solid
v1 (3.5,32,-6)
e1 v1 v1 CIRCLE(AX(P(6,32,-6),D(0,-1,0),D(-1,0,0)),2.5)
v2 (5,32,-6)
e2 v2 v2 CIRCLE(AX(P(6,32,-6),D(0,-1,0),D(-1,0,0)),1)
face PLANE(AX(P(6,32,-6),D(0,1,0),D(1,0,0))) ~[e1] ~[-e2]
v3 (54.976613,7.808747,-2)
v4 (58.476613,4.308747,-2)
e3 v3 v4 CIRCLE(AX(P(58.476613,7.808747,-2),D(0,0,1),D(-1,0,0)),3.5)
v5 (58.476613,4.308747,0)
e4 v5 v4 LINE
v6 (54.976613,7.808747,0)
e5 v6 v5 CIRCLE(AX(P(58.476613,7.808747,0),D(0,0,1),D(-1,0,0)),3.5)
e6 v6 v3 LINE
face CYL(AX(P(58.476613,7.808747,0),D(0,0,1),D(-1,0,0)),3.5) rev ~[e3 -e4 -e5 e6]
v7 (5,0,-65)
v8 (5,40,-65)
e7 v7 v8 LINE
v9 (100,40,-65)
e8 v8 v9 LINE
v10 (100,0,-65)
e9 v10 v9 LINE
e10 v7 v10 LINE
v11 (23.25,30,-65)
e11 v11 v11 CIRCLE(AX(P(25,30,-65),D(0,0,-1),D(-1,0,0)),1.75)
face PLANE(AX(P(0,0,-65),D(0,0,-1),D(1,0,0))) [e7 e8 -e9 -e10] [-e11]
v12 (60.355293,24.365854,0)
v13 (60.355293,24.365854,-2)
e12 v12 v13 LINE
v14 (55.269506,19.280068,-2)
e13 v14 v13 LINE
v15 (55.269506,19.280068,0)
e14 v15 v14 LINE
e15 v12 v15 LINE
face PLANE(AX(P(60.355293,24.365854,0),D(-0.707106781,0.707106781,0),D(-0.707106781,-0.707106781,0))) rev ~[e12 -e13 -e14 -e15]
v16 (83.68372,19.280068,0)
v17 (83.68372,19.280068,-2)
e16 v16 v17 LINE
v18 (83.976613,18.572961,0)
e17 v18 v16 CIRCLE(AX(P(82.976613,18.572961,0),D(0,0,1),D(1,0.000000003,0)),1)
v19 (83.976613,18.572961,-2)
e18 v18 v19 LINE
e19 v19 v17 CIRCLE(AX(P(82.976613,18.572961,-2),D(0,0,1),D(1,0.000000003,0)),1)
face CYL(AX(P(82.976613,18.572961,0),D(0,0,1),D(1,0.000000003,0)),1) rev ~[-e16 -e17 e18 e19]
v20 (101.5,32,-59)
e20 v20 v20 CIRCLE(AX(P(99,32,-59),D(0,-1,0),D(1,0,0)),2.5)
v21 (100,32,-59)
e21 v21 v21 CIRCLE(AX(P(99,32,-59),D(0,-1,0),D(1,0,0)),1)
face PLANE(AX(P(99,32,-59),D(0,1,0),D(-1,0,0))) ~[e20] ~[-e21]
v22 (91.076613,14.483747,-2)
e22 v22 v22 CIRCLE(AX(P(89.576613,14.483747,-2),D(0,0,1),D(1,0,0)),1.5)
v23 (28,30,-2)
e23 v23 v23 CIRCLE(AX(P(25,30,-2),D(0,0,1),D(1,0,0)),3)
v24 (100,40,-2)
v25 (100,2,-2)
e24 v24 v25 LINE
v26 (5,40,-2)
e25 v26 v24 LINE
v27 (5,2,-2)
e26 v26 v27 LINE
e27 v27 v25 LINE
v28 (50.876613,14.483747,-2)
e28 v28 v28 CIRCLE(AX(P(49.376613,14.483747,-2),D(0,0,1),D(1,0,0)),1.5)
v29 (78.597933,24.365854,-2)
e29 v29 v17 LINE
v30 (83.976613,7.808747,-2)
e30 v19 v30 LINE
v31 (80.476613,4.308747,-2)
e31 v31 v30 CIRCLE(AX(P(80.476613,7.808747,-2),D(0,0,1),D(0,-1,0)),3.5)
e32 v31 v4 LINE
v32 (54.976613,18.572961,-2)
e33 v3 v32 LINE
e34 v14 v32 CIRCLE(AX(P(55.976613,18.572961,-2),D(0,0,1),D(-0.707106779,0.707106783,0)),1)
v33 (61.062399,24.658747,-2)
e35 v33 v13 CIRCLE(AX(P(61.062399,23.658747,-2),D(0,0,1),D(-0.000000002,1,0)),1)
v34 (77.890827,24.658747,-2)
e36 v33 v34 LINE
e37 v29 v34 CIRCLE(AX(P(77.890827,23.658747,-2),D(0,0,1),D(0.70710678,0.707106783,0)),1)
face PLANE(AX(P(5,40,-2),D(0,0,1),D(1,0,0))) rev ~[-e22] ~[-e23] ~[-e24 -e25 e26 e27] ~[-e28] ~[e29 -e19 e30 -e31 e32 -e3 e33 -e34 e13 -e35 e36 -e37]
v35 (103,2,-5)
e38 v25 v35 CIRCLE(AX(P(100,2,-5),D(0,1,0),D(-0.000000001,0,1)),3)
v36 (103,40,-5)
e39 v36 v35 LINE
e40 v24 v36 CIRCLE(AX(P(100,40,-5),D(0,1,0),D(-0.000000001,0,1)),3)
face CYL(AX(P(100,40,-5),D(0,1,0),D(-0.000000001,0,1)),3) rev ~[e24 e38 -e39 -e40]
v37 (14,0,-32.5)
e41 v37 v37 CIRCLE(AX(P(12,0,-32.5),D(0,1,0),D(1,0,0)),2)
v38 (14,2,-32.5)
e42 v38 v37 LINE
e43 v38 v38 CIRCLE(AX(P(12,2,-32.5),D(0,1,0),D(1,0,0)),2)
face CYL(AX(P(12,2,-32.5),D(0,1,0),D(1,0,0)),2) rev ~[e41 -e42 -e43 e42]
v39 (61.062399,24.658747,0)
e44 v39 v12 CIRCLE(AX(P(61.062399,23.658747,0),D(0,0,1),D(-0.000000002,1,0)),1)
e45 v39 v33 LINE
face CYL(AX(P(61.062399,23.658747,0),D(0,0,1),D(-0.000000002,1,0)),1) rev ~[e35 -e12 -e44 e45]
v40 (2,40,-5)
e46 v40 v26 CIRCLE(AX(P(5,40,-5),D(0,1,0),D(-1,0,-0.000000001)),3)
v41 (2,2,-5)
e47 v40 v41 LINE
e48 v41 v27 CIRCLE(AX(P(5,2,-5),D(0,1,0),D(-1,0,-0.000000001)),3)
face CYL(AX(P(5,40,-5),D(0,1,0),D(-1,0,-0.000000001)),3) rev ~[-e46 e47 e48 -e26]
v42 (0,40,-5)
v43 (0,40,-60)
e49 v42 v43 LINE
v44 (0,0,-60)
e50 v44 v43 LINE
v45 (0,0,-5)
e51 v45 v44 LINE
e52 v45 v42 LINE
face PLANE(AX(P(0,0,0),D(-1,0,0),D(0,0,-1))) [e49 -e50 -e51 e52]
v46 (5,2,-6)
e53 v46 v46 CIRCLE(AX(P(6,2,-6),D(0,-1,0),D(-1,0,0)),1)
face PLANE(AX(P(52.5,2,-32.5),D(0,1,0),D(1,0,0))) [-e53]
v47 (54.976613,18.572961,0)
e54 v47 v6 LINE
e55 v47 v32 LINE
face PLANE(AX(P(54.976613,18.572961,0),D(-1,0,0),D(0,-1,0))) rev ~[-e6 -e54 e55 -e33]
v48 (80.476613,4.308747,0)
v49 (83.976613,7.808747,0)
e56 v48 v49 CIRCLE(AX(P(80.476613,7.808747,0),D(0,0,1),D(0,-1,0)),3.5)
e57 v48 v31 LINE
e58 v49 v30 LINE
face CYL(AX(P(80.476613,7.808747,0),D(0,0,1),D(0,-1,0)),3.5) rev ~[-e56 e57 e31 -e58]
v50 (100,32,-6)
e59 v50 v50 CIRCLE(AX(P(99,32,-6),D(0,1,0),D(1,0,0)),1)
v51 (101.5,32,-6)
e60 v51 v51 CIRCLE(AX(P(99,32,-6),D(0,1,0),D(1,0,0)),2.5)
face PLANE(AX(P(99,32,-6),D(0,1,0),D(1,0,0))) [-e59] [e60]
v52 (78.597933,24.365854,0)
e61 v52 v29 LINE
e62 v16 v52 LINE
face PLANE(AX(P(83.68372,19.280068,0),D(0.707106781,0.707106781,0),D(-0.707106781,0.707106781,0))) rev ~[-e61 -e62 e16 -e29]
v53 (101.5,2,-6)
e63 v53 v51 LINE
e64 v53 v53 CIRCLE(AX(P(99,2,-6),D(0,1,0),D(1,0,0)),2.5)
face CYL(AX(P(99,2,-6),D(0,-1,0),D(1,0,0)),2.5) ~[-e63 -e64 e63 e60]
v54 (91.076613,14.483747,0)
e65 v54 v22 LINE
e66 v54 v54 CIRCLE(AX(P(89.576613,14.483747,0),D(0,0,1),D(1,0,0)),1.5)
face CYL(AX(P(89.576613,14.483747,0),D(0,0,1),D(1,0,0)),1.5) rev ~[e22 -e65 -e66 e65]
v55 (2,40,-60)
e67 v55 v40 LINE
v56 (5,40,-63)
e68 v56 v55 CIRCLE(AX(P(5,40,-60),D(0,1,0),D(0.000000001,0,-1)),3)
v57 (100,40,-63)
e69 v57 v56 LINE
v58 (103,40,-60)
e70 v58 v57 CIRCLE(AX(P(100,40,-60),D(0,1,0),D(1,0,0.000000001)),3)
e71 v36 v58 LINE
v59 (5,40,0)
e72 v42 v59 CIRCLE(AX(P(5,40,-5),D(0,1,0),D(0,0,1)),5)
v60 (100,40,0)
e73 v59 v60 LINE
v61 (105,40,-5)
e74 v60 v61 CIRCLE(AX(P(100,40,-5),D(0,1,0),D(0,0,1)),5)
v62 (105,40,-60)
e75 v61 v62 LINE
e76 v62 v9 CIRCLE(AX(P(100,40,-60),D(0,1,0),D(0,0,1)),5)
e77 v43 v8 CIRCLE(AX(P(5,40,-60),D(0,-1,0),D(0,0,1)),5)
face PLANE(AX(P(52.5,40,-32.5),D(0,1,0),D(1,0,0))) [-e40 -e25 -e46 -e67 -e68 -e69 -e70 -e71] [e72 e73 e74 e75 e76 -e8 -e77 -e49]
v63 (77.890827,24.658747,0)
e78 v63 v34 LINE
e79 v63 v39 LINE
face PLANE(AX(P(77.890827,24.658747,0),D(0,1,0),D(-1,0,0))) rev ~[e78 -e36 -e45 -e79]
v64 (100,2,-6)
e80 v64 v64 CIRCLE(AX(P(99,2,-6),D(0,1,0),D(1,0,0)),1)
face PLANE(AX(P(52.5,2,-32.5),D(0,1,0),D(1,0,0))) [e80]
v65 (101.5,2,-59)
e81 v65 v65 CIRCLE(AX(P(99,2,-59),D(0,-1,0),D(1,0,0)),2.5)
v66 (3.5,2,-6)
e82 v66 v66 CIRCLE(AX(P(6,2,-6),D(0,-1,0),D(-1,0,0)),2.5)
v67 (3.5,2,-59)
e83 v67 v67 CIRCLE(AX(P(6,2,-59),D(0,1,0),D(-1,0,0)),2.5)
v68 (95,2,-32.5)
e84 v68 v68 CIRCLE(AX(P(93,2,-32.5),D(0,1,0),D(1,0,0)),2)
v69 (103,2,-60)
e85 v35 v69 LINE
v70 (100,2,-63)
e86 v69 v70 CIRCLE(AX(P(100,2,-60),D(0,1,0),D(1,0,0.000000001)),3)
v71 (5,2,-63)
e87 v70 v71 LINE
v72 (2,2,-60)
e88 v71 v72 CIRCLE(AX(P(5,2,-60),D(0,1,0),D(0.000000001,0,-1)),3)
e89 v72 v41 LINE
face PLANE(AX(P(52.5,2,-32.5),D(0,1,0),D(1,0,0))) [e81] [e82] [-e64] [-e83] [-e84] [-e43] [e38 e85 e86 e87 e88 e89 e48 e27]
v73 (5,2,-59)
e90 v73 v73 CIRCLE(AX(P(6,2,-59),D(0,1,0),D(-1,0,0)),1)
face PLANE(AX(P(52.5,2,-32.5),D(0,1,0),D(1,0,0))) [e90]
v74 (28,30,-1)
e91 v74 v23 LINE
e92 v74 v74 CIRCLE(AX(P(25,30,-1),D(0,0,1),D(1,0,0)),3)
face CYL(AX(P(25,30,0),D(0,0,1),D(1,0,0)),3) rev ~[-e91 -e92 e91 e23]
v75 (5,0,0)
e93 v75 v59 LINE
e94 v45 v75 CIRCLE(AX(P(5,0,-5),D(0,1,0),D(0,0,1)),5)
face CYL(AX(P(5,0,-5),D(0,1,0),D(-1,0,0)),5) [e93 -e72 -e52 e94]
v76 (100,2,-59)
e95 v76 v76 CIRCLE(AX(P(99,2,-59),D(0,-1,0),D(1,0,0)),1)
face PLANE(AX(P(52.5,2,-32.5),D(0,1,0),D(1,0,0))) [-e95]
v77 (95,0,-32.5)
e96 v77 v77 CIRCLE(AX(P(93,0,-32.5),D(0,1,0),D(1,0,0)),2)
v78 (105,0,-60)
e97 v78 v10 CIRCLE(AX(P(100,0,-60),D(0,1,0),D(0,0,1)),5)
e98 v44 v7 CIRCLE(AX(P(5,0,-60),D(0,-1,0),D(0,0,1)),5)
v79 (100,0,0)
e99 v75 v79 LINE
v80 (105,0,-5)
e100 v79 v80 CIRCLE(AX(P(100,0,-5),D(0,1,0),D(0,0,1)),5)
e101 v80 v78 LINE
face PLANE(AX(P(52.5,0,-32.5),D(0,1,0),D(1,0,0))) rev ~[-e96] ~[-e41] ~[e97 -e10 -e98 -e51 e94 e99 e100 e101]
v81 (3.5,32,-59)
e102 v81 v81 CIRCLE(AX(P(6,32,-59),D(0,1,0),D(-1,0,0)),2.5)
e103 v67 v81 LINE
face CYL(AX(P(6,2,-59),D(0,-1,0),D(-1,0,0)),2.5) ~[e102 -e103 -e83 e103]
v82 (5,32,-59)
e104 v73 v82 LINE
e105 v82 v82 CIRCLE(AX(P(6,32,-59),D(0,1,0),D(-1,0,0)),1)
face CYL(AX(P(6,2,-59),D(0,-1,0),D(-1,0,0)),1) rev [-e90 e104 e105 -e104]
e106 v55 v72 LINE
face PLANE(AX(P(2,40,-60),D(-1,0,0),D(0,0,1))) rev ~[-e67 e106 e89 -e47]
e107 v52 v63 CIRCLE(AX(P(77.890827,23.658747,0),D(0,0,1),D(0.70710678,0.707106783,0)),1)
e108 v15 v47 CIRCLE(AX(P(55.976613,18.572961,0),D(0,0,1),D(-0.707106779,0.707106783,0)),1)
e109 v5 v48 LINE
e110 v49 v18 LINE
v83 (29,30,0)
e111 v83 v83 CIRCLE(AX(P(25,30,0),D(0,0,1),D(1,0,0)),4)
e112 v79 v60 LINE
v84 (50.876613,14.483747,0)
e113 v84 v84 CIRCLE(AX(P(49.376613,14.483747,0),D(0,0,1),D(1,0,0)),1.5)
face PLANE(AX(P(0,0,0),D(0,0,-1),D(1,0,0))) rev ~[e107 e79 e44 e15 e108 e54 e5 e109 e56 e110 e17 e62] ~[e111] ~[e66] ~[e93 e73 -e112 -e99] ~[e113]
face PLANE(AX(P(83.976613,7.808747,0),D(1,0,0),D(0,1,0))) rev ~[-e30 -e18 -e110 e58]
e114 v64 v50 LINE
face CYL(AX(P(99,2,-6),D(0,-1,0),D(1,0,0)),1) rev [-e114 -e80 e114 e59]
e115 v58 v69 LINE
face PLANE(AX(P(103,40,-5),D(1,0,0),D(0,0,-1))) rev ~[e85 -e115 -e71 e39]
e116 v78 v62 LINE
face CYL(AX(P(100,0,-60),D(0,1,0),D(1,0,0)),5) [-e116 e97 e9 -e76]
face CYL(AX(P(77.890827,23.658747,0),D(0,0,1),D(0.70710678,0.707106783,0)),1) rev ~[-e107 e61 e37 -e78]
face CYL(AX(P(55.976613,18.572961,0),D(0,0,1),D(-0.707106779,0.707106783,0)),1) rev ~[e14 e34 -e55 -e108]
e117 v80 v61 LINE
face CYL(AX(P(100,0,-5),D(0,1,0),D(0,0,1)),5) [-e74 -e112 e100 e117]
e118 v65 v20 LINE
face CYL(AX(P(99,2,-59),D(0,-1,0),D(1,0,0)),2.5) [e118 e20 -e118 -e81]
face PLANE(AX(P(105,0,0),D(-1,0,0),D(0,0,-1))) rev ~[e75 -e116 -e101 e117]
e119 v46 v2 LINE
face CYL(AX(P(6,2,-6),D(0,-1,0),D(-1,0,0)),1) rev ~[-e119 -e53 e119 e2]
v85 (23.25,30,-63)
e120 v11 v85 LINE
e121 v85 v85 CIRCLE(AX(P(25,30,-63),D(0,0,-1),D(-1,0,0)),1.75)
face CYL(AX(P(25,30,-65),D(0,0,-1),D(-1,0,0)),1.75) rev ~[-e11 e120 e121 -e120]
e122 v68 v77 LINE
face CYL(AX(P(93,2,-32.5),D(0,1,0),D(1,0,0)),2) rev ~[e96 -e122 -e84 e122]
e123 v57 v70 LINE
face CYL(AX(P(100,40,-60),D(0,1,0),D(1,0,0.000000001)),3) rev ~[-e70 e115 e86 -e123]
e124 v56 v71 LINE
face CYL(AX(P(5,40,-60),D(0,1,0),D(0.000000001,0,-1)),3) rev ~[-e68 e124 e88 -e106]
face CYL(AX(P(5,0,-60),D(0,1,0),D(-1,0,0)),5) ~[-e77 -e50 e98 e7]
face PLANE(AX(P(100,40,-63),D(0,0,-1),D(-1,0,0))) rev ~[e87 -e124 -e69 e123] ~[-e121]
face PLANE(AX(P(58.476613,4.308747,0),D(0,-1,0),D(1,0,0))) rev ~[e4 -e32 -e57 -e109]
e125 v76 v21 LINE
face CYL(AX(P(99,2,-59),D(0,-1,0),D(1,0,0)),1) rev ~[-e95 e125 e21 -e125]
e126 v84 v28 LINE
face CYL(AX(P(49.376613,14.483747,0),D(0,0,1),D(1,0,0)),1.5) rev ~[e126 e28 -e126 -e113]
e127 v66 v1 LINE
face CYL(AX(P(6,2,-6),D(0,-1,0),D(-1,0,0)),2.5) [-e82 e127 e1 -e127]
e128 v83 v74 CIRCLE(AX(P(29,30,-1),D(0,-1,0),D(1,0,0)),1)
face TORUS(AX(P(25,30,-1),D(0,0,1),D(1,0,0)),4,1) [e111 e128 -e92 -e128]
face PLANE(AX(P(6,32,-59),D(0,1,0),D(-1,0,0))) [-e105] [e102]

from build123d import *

# Parameters (mm, degrees)
SKETCH1_W                 = 105
SKETCH1_H                 = 65
BOSS_EXTRUDE1_DEPTH       = 40
FILLET1_R                 = 5
CUT_EXTRUDE1_DEPTH        = 38
SKETCH4_R                 = 2.5
SKETCH4_R_2               = 1
BOSS_EXTRUDE2_DEPTH       = 30
MIRROR2_COPY_1_SKETCH_R   = 2.5
MIRROR2_COPY_1_SKETCH_R_2 = 1
MIRROR2_COPY_1_DEPTH      = 30
CUT_EXTRUDE2_REACH        = 67
SKETCH7_R                 = 1.5
CUT_EXTRUDE3_REACH        = 4
SKETCH9_R                 = 2
CUT_EXTRUDE4_REACH        = 67
SKETCH12_R                = 3
FILLET2_R                 = 1
CUT_EXTRUDE5_REACH        = 67
SKETCH13_R                = 1.75


with BuildPart() as part:
    # Sketch1 → Boss-Extrude1 (new body)
    with BuildSketch(Plane(origin=(0, 0, 0), x_dir=(1, 0, 0), z_dir=(0, 1, 0))):
        with Locations((52.5, 32.5)):
            Rectangle(SKETCH1_W, SKETCH1_H)
    extrude(amount=BOSS_EXTRUDE1_DEPTH)

    # Fillet1
    fillet1_edges = [part.edges().sort_by_distance(p)[0] for p in [
        (0, 20, 0),
        (0, 20, -65),
        (105, 20, -65),
        (105, 20, 0),
    ]]
    fillet(fillet1_edges, radius=FILLET1_R)

    # Sketch3 → Cut-Extrude1 (cut)
    with BuildSketch(Plane(origin=(0, 40, 0), x_dir=(1, 0, 0), z_dir=(0, 1, 0))):
        with BuildLine():
            Line((100, 63), (5, 63))
            ThreePointArc((5, 63), (2.878679656, 62.121320344), (2, 60))
            Line((2, 60), (2, 5))
            ThreePointArc((2, 5), (2.878679656, 2.878679656), (5, 2))
            Line((5, 2), (100, 2))
            ThreePointArc((100, 2), (102.121320344, 2.878679656), (103, 5))
            Line((103, 5), (103, 60))
            ThreePointArc((103, 60), (102.121320344, 62.121320344), (100, 63))
        make_face()
    extrude(amount=-CUT_EXTRUDE1_DEPTH, mode=Mode.SUBTRACT)

    # Sketch4 → Boss-Extrude2 (add)
    with BuildSketch(Plane(origin=(0, 2, 0), x_dir=(1, 0, 0), z_dir=(0, 1, 0))):
        with Locations((99, 6)):
            Circle(SKETCH4_R)
        with Locations((99, 6)):
            Circle(SKETCH4_R_2, mode=Mode.SUBTRACT)
    boss_extrude2 = extrude(amount=BOSS_EXTRUDE2_DEPTH)

    # Mirror1: Boss-Extrude2 across plane
    add(boss_extrude2.mirror(Plane(origin=(0, 0, -32.5), x_dir=(1, 0, 0), z_dir=(0, 0, -1))))

    # Mirror2: Boss-Extrude2 across plane
    add(boss_extrude2.mirror(Plane.ZY.offset(-52.5)))

    # Mirror2 copy 1 sketch → Mirror2 copy 1 (add)
    with BuildSketch(Plane(origin=(105, 2, -65), x_dir=(-1, 0, 0), z_dir=(0, 1, 0))):
        with Locations((99, 6)):
            Circle(MIRROR2_COPY_1_SKETCH_R)
        with Locations((99, 6)):
            Circle(MIRROR2_COPY_1_SKETCH_R_2, mode=Mode.SUBTRACT)
    extrude(amount=MIRROR2_COPY_1_DEPTH)

    # Sketch7 → Cut-Extrude2 (cut, up to next)
    with BuildSketch(Plane.XY, mode=Mode.PRIVATE) as cut_extrude2_sk1:
        with Locations((89.576612985, 14.483747467)):
            Circle(SKETCH7_R)
    cut_extrude2_tool1 = extrude(cut_extrude2_sk1.sketch, amount=-CUT_EXTRUDE2_REACH, mode=Mode.PRIVATE) & part.part
    add(cut_extrude2_tool1.solids().sort_by_distance((89.576613, 14.483747, 0))[0], mode=Mode.SUBTRACT)
    # Sketch7 → Cut-Extrude2 (cut, up to next)
    with BuildSketch(Plane.XY, mode=Mode.PRIVATE) as cut_extrude2_sk2:
        with Locations((49.376612985, 14.483747467)):
            Circle(SKETCH7_R)
    cut_extrude2_tool2 = extrude(cut_extrude2_sk2.sketch, amount=-CUT_EXTRUDE2_REACH, mode=Mode.PRIVATE) & part.part
    add(cut_extrude2_tool2.solids().sort_by_distance((49.376613, 14.483747, 0))[0], mode=Mode.SUBTRACT)
    # Sketch7 → Cut-Extrude2 (cut, up to next)
    with BuildSketch(Plane.XY, mode=Mode.PRIVATE) as cut_extrude2_sk3:
        with BuildLine():
            Line((83.683719766, 19.28006781), (78.597933329, 24.365854248))
            ThreePointArc((78.597933329, 24.365854248), (78.27350998, 24.582626999), (77.890826547, 24.658747467))
            Line((77.890826547, 24.658747467), (61.062399423, 24.658747467))
            ThreePointArc((61.062399423, 24.658747467), (60.67971599, 24.582626999), (60.355292641, 24.365854248))
            Line((60.355292641, 24.365854248), (55.269506204, 19.28006781))
            ThreePointArc((55.269506204, 19.28006781), (55.052733452, 18.955644461), (54.976612985, 18.572961029))
            Line((54.976612985, 18.572961029), (54.976612985, 7.808747467))
            ThreePointArc((54.976612985, 7.808747467), (56.001739251, 5.333873733), (58.476612985, 4.308747467))
            Line((58.476612985, 4.308747467), (80.476612985, 4.308747467))
            ThreePointArc((80.476612985, 4.308747467), (82.951486719, 5.333873733), (83.976612985, 7.808747467))
            Line((83.976612985, 7.808747467), (83.976612985, 18.572961029))
            ThreePointArc((83.976612985, 18.572961029), (83.900492517, 18.955644461), (83.683719766, 19.28006781))
        make_face()
    cut_extrude2_tool3 = extrude(cut_extrude2_sk3.sketch, amount=-CUT_EXTRUDE2_REACH, mode=Mode.PRIVATE) & part.part
    add(cut_extrude2_tool3.solids().sort_by_distance((69.476613, 14.089774, 0))[0], mode=Mode.SUBTRACT)

    # Sketch9 → Cut-Extrude3 (cut, up to next)
    with BuildSketch(Plane(origin=(0, 2, 0), x_dir=(1, 0, 0), z_dir=(0, 1, 0)), mode=Mode.PRIVATE) as cut_extrude3_sk1:
        with Locations((93, 32.5)):
            Circle(SKETCH9_R)
    cut_extrude3_tool1 = extrude(cut_extrude3_sk1.sketch, amount=-CUT_EXTRUDE3_REACH, mode=Mode.PRIVATE) & part.part
    add(cut_extrude3_tool1.solids().sort_by_distance((93, 2, -32.5))[0], mode=Mode.SUBTRACT)
    # Sketch9 → Cut-Extrude3 (cut, up to next)
    with BuildSketch(Plane(origin=(0, 2, 0), x_dir=(1, 0, 0), z_dir=(0, 1, 0)), mode=Mode.PRIVATE) as cut_extrude3_sk2:
        with Locations((12, 32.5)):
            Circle(SKETCH9_R)
    cut_extrude3_tool2 = extrude(cut_extrude3_sk2.sketch, amount=-CUT_EXTRUDE3_REACH, mode=Mode.PRIVATE) & part.part
    add(cut_extrude3_tool2.solids().sort_by_distance((12, 2, -32.5))[0], mode=Mode.SUBTRACT)

    # Sketch12 → Cut-Extrude4 (cut, up to next)
    with BuildSketch(Plane.XY, mode=Mode.PRIVATE) as cut_extrude4_sk1:
        with Locations((25, 30)):
            Circle(SKETCH12_R)
    cut_extrude4_tool1 = extrude(cut_extrude4_sk1.sketch, amount=-CUT_EXTRUDE4_REACH, mode=Mode.PRIVATE) & part.part
    add(cut_extrude4_tool1.solids().sort_by_distance((25, 30, 0))[0], mode=Mode.SUBTRACT)

    # Fillet2
    fillet2_edges = [part.edges().sort_by_distance(p)[0] for p in [
        (22, 30, 0),
    ]]
    fillet(fillet2_edges, radius=FILLET2_R)

    # Sketch13 → Cut-Extrude5 (cut, up to next)
    with BuildSketch(Plane(origin=(0, 0, -65), x_dir=(-1, 0, 0), z_dir=(0, 0, -1)), mode=Mode.PRIVATE) as cut_extrude5_sk1:
        with Locations((-25, 30)):
            Circle(SKETCH13_R)
    cut_extrude5_tool1 = extrude(cut_extrude5_sk1.sketch, amount=-CUT_EXTRUDE5_REACH, mode=Mode.PRIVATE) & part.part
    add(cut_extrude5_tool1.solids().sort_by_distance((25, 30, -65))[0], mode=Mode.SUBTRACT)


solid = part.part
